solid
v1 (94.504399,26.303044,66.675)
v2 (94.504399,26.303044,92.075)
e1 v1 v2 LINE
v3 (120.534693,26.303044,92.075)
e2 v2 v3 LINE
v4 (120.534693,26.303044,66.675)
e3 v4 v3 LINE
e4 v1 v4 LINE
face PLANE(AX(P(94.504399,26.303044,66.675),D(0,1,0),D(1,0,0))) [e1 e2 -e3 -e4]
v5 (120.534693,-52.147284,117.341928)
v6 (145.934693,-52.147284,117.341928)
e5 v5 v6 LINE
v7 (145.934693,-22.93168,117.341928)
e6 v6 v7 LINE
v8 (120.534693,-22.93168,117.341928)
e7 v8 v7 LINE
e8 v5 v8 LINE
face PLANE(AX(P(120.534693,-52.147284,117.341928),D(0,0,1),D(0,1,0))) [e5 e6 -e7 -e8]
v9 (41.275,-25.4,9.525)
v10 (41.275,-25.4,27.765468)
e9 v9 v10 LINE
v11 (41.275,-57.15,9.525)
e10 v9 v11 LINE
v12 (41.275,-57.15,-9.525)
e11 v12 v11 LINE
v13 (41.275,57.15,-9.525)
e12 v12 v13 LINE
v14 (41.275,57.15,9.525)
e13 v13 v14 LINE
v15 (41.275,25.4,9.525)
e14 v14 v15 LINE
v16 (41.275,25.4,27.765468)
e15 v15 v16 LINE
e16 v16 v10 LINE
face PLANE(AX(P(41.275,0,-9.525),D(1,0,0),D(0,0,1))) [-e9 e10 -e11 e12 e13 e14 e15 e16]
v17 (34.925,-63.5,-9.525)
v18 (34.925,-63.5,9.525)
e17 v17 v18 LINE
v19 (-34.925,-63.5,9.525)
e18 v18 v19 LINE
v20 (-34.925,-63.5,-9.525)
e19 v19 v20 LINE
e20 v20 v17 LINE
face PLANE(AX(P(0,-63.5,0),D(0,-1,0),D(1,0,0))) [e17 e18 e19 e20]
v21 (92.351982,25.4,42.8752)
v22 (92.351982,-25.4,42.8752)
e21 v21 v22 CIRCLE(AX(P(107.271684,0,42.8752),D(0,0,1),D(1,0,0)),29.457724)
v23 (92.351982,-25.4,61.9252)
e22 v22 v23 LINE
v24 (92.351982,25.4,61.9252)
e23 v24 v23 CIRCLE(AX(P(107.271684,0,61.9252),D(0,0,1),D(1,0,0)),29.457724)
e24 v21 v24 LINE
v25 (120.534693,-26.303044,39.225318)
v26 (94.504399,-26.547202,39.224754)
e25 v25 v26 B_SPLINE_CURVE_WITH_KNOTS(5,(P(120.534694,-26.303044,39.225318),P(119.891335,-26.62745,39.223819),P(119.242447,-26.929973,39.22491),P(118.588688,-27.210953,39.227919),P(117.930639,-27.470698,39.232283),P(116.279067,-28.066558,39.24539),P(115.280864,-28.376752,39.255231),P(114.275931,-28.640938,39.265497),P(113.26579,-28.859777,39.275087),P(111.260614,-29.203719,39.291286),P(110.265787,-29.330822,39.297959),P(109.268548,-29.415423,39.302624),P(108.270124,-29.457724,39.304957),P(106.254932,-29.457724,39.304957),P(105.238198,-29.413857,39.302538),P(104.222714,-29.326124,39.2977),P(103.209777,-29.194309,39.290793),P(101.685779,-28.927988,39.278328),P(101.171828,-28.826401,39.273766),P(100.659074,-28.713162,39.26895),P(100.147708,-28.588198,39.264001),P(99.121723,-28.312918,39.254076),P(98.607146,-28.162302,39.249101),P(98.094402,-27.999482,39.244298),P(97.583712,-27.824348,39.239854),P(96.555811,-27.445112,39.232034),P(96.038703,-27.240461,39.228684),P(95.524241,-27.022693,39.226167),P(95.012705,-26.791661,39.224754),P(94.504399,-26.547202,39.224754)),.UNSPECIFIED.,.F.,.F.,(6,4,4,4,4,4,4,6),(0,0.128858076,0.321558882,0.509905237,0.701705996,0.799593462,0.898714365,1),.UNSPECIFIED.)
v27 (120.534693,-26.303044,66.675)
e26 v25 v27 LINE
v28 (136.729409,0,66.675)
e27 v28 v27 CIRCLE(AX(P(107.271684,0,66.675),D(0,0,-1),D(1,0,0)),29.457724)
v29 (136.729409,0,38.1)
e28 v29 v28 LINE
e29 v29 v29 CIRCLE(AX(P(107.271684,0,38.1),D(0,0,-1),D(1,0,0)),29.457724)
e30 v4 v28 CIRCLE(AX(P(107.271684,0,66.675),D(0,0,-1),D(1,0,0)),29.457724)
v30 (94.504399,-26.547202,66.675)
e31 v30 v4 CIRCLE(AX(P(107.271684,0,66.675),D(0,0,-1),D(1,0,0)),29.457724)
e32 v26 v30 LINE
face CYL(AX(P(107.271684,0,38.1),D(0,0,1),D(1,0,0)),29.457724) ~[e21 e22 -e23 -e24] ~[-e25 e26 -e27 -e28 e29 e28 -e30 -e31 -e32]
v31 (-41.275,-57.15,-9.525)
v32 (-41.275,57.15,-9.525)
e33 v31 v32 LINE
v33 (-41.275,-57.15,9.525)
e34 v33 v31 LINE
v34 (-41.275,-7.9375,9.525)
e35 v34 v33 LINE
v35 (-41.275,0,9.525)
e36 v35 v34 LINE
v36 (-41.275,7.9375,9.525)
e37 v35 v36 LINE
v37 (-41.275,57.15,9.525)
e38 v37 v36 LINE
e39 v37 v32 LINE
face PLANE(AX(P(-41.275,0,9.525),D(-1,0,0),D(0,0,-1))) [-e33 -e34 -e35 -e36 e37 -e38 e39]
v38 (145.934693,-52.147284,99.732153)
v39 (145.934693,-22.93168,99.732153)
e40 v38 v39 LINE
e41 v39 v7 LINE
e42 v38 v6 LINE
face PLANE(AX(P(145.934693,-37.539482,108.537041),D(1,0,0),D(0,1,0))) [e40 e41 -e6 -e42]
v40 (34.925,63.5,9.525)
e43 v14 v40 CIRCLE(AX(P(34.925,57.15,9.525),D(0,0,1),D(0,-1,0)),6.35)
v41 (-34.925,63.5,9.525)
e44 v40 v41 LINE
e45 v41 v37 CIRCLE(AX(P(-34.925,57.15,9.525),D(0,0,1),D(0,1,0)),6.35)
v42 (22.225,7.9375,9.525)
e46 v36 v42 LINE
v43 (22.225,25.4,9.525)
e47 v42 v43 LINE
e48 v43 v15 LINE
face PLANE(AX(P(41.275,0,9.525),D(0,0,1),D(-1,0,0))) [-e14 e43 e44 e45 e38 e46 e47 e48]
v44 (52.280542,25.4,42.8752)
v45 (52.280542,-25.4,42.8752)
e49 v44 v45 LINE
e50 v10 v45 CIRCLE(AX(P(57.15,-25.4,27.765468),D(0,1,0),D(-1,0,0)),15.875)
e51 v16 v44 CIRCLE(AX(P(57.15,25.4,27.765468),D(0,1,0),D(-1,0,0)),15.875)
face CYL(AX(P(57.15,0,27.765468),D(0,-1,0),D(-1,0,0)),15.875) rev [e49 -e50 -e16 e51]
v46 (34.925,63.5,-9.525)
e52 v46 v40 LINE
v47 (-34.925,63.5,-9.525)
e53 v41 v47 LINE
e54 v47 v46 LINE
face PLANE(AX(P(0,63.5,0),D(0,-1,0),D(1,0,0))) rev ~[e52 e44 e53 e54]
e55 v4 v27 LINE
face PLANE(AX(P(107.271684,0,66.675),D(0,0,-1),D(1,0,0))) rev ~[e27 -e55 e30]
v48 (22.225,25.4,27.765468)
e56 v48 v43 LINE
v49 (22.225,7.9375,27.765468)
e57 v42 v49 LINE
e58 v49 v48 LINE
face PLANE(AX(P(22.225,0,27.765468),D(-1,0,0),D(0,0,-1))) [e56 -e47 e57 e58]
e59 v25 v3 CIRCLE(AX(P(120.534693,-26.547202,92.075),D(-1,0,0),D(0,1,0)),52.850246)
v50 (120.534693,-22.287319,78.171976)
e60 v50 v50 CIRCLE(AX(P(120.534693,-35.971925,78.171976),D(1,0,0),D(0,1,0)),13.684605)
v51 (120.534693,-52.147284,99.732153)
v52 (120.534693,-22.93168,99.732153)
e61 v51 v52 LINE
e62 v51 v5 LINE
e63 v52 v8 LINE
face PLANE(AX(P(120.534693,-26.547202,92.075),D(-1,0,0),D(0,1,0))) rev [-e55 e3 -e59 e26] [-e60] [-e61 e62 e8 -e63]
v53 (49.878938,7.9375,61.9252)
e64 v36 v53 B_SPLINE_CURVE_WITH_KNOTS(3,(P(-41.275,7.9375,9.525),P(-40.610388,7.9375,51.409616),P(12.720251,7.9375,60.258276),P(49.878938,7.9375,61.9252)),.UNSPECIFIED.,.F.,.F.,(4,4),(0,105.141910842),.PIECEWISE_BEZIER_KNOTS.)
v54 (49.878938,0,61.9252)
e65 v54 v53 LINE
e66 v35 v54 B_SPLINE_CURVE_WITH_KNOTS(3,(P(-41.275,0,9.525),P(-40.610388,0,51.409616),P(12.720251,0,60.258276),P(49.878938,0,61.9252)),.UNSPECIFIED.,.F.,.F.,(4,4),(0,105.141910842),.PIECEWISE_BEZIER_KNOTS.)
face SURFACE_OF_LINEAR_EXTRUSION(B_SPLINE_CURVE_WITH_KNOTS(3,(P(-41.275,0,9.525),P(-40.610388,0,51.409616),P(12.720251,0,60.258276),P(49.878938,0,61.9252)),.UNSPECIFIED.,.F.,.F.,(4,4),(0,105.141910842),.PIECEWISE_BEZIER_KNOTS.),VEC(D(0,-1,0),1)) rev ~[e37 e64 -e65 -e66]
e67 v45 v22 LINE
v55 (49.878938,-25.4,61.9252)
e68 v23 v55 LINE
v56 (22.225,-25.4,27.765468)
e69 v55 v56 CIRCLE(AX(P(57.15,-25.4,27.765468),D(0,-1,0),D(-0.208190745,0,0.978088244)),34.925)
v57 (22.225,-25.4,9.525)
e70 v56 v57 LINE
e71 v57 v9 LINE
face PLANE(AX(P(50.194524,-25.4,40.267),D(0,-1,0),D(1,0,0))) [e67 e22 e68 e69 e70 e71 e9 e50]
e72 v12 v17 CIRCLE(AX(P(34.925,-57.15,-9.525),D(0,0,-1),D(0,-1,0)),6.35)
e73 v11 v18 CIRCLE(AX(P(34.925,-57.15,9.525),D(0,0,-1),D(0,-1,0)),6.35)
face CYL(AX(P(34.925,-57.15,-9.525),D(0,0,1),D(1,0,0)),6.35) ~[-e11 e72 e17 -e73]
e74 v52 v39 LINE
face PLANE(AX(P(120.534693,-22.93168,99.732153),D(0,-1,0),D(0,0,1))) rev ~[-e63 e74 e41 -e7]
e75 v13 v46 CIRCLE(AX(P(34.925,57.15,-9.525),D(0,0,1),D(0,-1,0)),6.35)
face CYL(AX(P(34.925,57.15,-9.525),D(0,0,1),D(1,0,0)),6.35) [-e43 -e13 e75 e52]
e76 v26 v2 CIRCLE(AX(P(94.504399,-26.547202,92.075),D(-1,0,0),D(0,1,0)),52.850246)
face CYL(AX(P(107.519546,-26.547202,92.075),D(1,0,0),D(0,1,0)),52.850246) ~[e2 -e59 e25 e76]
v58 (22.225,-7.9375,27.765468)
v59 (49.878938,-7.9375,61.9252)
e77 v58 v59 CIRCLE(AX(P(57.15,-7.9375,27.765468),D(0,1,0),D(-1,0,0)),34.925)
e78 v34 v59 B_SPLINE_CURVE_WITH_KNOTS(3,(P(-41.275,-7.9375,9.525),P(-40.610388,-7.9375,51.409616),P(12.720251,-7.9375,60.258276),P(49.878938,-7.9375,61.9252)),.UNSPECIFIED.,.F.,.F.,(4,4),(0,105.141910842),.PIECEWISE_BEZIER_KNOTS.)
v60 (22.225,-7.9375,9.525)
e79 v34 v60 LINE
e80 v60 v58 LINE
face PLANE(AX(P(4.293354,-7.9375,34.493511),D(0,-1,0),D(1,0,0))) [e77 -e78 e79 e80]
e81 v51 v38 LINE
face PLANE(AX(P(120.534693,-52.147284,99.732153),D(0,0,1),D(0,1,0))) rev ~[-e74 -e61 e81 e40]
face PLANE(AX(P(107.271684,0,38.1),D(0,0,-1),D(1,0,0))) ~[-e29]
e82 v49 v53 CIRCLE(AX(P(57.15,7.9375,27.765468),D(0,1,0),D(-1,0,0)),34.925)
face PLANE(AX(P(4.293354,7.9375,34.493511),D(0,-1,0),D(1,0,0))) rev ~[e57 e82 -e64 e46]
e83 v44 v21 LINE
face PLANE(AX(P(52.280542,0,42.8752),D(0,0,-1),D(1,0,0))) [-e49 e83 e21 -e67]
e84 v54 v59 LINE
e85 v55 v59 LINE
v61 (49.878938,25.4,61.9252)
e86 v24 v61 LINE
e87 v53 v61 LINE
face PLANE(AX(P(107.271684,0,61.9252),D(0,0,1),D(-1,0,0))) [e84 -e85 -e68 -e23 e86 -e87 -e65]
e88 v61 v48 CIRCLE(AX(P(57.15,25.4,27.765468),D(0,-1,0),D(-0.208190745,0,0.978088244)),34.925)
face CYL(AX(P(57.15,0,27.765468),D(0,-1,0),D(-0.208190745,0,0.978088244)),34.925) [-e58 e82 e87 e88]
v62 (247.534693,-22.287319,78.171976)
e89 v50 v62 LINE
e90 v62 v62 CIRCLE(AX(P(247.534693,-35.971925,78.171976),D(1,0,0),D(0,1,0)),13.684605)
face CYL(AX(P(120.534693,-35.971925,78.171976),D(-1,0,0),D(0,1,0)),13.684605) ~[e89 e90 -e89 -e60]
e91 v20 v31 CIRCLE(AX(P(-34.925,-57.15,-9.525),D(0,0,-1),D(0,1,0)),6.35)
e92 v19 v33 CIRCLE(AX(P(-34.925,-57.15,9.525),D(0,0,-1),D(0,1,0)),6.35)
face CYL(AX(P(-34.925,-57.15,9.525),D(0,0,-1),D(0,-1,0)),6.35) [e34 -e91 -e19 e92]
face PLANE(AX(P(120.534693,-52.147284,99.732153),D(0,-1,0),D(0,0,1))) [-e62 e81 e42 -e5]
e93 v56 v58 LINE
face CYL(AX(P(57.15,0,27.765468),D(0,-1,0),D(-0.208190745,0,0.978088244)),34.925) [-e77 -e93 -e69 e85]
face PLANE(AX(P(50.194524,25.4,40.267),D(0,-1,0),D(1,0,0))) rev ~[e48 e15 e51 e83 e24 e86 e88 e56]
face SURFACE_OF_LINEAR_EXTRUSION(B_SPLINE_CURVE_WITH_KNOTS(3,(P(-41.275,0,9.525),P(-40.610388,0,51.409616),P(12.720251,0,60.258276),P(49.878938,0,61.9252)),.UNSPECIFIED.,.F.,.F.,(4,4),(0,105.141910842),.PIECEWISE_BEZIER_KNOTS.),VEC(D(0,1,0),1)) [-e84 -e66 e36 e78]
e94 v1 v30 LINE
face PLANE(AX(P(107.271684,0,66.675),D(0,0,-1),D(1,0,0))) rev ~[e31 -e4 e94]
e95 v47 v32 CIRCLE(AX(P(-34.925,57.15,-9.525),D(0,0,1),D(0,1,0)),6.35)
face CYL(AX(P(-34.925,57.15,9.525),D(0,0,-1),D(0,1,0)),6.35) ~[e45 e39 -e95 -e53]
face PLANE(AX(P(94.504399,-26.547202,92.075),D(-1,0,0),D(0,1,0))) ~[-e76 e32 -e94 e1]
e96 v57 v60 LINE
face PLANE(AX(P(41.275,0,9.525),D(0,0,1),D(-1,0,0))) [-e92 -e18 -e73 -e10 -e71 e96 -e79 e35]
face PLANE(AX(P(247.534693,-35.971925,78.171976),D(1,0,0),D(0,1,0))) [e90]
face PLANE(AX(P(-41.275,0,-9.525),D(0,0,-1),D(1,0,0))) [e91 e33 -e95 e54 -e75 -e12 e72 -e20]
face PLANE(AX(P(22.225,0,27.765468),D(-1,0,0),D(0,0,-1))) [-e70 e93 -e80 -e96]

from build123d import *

# Parameters (mm, degrees)
F1_DEPTH  = 63.5
F0_W      = 21.3422756978
F0_H      = 19.05
F2_DEPTH  = 25.4
F3_DEPTH  = 7.9375
F5_R      = 6.35
F6_W      = 26.030293598
F6_H      = 52.8502463959
F7_DEPTH  = 25.4
F7_FACE_W = 26.030293598
F7_FACE_H = 52.8502463959
F9_W      = 29.2156040668
F9_H      = 17.6097750664
F10_DEPTH = 25.4
F12_R     = 13.6846052914
F13_DEPTH = 127


with BuildPart() as f1:
    # F0 (on Front) → F1 (new body, symmetric)
    with BuildSketch(Plane.XZ):
        Polygon((41.275, -9.525), (41.275, 9.525), (22.225, 9.525), (-41.275, 9.525), (-41.275, -9.525), align=None)
    extrude(amount=F1_DEPTH, both=True)

    # F0 (on Front) → F2 (join, symmetric)
    with BuildSketch(Plane.XZ):
        with BuildLine():
            Line((22.225, 9.525), (41.275, 9.525))
            Line((41.275, 9.525), (41.275, 27.7654680662))
            ThreePointArc((41.275, 27.7654680662), (44.31804227, 37.1119372292), (52.28054152, 42.8752))
            Line((52.28054152, 42.8752), (85.9294086695, 42.8752))
            Line((85.9294086695, 42.8752), (85.9294086695, 61.9252))
            Line((85.9294086695, 61.9252), (49.8789382336, 61.9252))
            ThreePointArc((49.8789382336, 61.9252), (30.0050422989, 49.7406107598), (22.225, 27.7654680662))
            Line((22.225, 27.7654680662), (22.225, 9.525))
        make_face()
        with Locations((96.6005465184, 52.4002)):
            Rectangle(F0_W, F0_H)
    extrude(amount=F2_DEPTH, both=True)

    # F0 (on Front) → F3 (join, symmetric)
    with BuildSketch(Plane.XZ):
        with BuildLine():
            Line((-41.275, 9.525), (22.225, 9.525))
            Line((22.225, 9.525), (22.225, 27.7654680662))
            ThreePointArc((22.225, 27.7654680662), (30.0050422989, 49.7406107598), (49.8789382336, 61.9252))
            add(Edge.make_bspline(
                [(-41.275, 9.525), (-40.6103878044, 51.4096161185), (12.72025149, 60.2582759139), (49.8789382336, 61.9252)],
                knots=[0, 0, 0, 0, 105.1419108421, 105.1419108421, 105.1419108421, 105.1419108421], degree=3))
        make_face()
    extrude(amount=F3_DEPTH, both=True)

    # F0 (on Front) → F4 (revolve)
    with BuildSketch(Plane.XZ):
        Polygon((107.2716843673, 61.9252), (107.2716843673, 42.8752), (107.2716843673, 38.1), (136.7294086695, 38.1), (136.7294086695, 66.675), (107.2716843673, 66.675), align=None)
    revolve(axis=Axis((107.2716843673, 0, 52.3875), (0, 0, -1)))

    # F5
    f5_edges = [f1.edges().sort_by_distance(p)[0] for p in [
        (41.275, -63.5, 0),
        (41.275, 63.5, 0),
        (-41.275, 63.5, 0),
        (-41.275, -63.5, 0),
    ]]
    fillet(f5_edges, radius=F5_R)

    # F6 (on face) → F7 (join)
    with BuildSketch(Plane.XY.offset(66.675)):
        with Locations((107.5195462284, -0.1220792231)):
            Rectangle(F6_W, F6_H)
    extrude(amount=F7_DEPTH)

    # F7_face (on face) → F8 (revolve)
    with BuildSketch(Plane(origin=(107.5195462284, -0.1220792231, 92.075), x_dir=(1, 0, 0), z_dir=(0, 0, 1))):
        Rectangle(F7_FACE_W, F7_FACE_H)
    revolve(axis=Axis((107.5195462284, -26.547202421, 92.075), (-1, 0, 0)))

    # F9 (on face) → F10 (join)
    with BuildSketch(Plane.YZ.offset(120.5346930274)):
        with Locations((-37.5394821167, 108.5370406508)):
            Rectangle(F9_W, F9_H)
    extrude(amount=F10_DEPTH)

    # F12 (on face) → F13 (join)
    with BuildSketch(Plane.YZ.offset(120.5346930274)):
        with Locations((-35.9719246626, 78.1719759107)):
            Circle(F12_R)
    extrude(amount=F13_DEPTH)


solid = f1.part
